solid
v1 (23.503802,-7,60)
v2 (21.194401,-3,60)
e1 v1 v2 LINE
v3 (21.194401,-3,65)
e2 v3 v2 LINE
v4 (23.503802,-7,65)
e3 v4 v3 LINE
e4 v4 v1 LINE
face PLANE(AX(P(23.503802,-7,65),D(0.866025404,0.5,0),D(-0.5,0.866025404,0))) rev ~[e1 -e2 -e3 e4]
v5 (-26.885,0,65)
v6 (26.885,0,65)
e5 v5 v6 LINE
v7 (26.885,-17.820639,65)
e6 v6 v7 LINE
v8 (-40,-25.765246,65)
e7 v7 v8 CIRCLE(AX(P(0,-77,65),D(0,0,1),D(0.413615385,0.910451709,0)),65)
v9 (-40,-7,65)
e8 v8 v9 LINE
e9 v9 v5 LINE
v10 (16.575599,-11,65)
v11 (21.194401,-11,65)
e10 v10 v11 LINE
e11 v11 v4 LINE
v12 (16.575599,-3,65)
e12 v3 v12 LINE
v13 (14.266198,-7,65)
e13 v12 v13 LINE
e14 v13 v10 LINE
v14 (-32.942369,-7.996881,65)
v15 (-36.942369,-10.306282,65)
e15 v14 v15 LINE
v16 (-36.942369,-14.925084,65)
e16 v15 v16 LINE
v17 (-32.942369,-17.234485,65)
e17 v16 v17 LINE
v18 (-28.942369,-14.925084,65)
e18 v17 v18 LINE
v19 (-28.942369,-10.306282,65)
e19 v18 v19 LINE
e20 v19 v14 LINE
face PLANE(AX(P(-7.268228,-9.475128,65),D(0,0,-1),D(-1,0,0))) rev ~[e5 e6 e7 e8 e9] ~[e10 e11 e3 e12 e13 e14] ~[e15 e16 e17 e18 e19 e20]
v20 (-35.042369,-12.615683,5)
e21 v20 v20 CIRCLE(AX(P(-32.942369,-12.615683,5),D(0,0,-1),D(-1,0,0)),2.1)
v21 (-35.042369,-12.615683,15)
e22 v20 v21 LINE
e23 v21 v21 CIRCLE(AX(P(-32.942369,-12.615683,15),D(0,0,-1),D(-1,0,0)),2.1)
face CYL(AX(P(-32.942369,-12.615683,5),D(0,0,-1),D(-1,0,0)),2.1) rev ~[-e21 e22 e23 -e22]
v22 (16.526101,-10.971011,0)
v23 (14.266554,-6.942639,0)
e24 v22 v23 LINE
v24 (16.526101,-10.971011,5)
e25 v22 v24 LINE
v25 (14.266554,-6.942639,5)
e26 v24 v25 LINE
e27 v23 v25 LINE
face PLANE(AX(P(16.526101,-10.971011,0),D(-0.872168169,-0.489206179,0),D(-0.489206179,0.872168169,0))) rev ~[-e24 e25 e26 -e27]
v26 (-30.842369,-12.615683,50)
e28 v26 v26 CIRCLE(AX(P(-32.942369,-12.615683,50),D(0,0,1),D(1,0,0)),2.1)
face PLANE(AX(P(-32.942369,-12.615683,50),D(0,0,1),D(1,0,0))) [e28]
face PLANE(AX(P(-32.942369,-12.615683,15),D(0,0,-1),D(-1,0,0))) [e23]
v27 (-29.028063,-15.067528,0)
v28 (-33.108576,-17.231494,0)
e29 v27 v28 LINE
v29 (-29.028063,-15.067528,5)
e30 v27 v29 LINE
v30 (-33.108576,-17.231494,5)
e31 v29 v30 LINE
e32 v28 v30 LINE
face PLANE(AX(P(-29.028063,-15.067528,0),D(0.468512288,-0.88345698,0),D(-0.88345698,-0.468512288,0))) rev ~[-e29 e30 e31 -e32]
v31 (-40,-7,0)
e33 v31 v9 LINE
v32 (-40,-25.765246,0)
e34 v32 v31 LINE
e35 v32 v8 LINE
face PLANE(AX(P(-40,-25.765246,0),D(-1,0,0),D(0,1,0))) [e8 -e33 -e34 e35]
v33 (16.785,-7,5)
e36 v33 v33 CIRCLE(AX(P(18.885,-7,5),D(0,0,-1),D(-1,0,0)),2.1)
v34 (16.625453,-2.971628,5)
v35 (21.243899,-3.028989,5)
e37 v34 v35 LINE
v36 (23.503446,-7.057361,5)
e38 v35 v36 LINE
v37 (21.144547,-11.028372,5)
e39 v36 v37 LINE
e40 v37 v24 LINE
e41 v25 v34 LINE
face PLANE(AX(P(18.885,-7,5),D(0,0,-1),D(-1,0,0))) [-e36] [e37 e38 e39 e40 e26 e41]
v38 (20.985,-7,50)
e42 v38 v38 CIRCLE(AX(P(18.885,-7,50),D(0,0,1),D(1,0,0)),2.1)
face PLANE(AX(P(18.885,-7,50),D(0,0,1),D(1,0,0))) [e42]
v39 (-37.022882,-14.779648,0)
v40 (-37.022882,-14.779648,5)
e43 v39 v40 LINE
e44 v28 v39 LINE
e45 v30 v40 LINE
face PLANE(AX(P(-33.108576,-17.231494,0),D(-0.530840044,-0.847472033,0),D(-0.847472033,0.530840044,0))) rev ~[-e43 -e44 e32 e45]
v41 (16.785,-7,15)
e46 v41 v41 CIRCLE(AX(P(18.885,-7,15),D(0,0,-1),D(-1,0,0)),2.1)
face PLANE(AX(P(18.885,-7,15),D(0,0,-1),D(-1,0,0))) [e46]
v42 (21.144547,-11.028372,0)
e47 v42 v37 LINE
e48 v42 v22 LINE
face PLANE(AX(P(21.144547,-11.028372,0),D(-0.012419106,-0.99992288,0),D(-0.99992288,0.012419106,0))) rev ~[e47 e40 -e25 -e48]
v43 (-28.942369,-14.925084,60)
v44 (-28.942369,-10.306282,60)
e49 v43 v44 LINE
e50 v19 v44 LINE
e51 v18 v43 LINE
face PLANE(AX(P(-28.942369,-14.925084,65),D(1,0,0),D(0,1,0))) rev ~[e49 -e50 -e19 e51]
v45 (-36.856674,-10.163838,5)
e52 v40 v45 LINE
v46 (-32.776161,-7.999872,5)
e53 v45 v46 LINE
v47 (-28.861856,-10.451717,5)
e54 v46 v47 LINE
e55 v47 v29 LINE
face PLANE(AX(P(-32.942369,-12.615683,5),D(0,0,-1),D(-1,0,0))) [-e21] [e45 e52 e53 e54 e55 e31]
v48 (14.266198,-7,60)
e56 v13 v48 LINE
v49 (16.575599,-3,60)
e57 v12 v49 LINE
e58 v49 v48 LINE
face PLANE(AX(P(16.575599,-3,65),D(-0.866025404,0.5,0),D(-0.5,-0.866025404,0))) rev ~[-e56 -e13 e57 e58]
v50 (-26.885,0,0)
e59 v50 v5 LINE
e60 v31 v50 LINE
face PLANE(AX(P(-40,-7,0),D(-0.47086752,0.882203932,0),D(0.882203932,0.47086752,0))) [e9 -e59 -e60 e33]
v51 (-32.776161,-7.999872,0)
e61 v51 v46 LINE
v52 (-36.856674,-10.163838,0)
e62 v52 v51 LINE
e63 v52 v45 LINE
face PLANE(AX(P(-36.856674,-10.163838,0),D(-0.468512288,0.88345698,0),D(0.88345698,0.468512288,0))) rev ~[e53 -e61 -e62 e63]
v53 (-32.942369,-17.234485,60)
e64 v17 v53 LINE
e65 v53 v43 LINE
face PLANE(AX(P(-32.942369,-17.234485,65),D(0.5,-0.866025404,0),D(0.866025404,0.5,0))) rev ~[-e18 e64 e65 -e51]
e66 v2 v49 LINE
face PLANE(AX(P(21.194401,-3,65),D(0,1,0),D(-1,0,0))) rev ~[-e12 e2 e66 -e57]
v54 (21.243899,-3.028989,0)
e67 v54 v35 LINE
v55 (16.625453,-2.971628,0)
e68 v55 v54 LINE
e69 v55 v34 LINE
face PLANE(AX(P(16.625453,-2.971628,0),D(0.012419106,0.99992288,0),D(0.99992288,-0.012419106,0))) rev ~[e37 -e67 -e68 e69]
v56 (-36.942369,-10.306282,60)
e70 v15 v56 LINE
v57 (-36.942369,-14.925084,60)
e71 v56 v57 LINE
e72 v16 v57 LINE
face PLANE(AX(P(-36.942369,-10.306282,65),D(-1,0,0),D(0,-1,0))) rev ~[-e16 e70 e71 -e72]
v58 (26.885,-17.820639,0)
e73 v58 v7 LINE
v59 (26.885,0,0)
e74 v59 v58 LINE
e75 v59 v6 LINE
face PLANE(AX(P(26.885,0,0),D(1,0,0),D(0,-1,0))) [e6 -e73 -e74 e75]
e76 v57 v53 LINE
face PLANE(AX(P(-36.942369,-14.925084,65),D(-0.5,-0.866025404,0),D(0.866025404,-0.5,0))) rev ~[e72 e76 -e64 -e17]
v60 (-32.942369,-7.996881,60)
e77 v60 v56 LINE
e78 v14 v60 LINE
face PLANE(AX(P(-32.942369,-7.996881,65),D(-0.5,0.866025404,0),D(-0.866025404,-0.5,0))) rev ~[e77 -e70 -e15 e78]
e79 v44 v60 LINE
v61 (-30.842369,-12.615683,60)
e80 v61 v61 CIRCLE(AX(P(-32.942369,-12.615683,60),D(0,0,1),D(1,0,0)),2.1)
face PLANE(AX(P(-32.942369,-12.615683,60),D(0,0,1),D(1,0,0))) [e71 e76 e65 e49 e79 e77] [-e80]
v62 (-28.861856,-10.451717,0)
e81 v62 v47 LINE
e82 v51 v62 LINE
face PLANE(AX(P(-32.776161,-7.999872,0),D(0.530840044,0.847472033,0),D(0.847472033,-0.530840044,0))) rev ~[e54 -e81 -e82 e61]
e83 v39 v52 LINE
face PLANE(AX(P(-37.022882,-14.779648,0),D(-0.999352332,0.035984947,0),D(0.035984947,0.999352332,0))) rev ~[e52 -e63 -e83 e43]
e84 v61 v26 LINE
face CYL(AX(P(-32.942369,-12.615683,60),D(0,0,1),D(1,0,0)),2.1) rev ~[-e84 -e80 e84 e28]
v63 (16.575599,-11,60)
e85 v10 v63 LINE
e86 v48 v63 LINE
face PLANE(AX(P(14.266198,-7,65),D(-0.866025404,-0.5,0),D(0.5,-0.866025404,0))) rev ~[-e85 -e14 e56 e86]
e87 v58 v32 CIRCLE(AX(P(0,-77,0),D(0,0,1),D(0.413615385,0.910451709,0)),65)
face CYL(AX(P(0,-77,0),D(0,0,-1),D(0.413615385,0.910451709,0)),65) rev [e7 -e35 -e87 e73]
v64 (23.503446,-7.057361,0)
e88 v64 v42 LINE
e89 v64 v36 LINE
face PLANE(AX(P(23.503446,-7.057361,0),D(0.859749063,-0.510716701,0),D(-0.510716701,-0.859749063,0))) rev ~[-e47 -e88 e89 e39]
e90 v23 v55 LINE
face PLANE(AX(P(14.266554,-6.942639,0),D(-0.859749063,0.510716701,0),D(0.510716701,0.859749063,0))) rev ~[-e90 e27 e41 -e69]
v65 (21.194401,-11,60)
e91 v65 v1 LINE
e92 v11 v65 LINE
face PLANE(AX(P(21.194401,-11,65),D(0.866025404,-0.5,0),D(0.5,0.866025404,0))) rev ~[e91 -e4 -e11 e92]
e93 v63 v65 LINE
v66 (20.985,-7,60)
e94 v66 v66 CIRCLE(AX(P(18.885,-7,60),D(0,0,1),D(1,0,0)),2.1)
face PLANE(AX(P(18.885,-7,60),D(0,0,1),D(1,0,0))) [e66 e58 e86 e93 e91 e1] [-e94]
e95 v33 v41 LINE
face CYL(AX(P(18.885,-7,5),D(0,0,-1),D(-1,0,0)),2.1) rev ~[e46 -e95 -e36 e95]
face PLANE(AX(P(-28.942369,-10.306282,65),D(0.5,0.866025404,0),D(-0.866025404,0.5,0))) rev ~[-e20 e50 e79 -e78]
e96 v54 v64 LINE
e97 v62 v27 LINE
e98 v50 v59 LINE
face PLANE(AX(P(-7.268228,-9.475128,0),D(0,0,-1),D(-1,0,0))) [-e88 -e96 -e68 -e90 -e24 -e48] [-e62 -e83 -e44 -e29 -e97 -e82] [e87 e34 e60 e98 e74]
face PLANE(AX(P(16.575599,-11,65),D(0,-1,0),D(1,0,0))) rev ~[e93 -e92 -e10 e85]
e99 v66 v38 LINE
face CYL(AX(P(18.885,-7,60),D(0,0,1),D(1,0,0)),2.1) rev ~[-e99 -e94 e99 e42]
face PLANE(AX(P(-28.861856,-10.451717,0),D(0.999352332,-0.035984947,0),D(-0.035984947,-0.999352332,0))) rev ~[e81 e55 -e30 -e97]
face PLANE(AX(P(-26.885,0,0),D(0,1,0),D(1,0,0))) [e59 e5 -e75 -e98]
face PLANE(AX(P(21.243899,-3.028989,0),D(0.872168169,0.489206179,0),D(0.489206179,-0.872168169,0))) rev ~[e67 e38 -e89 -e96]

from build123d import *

# Parameters (mm, degrees)
BOSS_EXTRUDE1_DEPTH = 65
CUT_EXTRUDE1_DEPTH  = 5
CUT_EXTRUDE2_DEPTH  = 5
SKETCH4_R           = 2.1
CUT_EXTRUDE3_DEPTH  = 10
SKETCH5_R           = 2.1
CUT_EXTRUDE4_DEPTH  = 10


with BuildPart() as part:
    # Sketch1 → Boss-Extrude1 (new body)
    with BuildSketch(Plane.XY):
        with BuildLine():
            Line((-26.885, 0), (26.885, 0))
            Line((26.885, 0), (26.885, -17.820638944))
            ThreePointArc((26.885, -17.820638944), (-7.666811739, -12.453737538), (-40, -25.76524617))
            Line((-40, -25.76524617), (-40, -7))
            Line((-40, -7), (-26.885, 0))
        make_face()
    extrude(amount=BOSS_EXTRUDE1_DEPTH)

    # Sketch2 → Cut-Extrude1 (cut)
    with BuildSketch(Plane.XY.offset(65)):
        Polygon((-32.94236854, -17.234485077), (-28.94236854, -14.925084), (-28.94236854, -10.306281847), (-32.94236854, -7.99688077), (-36.94236854, -10.306281847), (-36.94236854, -14.925084), align=None)
        Polygon((14.266197846, -7), (16.575598923, -11), (21.194401077, -11), (23.503802154, -7), (21.194401077, -3), (16.575598923, -3), align=None)
    extrude(amount=-CUT_EXTRUDE1_DEPTH, mode=Mode.SUBTRACT)

    # Sketch3 → Cut-Extrude2 (cut)
    with BuildSketch(Plane(origin=(0, 0, 0), x_dir=(-1, 0, 0), z_dir=(0, 0, -1))):
        Polygon((28.861855536, -10.451717361), (29.028062888, -15.067528064), (33.108575892, -17.231493627), (37.022881544, -14.779648487), (36.856674193, -10.163837783), (32.776161189, -7.99987222), align=None)
        Polygon((-16.5261006, -10.971010823), (-14.266554049, -6.942638606), (-16.625453449, -2.971627783), (-21.2438994, -3.028989177), (-23.503445951, -7.057361394), (-21.144546551, -11.028372217), align=None)
    extrude(amount=-CUT_EXTRUDE2_DEPTH, mode=Mode.SUBTRACT)

    # Sketch4 → Cut-Extrude3 (cut)
    with BuildSketch(Plane(origin=(0, 0, 5), x_dir=(-1, 0, 0), z_dir=(0, 0, -1))):
        with Locations((32.94236854, -12.615682924)):
            Circle(SKETCH4_R)
        with Locations((-18.885, -7)):
            Circle(SKETCH4_R)
    extrude(amount=-CUT_EXTRUDE3_DEPTH, mode=Mode.SUBTRACT)

    # Sketch5 → Cut-Extrude4 (cut)
    with BuildSketch(Plane.XY.offset(60)):
        with Locations((-32.94236854, -12.615682924)):
            Circle(SKETCH5_R)
        with Locations((18.885, -7)):
            Circle(SKETCH5_R)
    extrude(amount=-CUT_EXTRUDE4_DEPTH, mode=Mode.SUBTRACT)


solid = part.part
